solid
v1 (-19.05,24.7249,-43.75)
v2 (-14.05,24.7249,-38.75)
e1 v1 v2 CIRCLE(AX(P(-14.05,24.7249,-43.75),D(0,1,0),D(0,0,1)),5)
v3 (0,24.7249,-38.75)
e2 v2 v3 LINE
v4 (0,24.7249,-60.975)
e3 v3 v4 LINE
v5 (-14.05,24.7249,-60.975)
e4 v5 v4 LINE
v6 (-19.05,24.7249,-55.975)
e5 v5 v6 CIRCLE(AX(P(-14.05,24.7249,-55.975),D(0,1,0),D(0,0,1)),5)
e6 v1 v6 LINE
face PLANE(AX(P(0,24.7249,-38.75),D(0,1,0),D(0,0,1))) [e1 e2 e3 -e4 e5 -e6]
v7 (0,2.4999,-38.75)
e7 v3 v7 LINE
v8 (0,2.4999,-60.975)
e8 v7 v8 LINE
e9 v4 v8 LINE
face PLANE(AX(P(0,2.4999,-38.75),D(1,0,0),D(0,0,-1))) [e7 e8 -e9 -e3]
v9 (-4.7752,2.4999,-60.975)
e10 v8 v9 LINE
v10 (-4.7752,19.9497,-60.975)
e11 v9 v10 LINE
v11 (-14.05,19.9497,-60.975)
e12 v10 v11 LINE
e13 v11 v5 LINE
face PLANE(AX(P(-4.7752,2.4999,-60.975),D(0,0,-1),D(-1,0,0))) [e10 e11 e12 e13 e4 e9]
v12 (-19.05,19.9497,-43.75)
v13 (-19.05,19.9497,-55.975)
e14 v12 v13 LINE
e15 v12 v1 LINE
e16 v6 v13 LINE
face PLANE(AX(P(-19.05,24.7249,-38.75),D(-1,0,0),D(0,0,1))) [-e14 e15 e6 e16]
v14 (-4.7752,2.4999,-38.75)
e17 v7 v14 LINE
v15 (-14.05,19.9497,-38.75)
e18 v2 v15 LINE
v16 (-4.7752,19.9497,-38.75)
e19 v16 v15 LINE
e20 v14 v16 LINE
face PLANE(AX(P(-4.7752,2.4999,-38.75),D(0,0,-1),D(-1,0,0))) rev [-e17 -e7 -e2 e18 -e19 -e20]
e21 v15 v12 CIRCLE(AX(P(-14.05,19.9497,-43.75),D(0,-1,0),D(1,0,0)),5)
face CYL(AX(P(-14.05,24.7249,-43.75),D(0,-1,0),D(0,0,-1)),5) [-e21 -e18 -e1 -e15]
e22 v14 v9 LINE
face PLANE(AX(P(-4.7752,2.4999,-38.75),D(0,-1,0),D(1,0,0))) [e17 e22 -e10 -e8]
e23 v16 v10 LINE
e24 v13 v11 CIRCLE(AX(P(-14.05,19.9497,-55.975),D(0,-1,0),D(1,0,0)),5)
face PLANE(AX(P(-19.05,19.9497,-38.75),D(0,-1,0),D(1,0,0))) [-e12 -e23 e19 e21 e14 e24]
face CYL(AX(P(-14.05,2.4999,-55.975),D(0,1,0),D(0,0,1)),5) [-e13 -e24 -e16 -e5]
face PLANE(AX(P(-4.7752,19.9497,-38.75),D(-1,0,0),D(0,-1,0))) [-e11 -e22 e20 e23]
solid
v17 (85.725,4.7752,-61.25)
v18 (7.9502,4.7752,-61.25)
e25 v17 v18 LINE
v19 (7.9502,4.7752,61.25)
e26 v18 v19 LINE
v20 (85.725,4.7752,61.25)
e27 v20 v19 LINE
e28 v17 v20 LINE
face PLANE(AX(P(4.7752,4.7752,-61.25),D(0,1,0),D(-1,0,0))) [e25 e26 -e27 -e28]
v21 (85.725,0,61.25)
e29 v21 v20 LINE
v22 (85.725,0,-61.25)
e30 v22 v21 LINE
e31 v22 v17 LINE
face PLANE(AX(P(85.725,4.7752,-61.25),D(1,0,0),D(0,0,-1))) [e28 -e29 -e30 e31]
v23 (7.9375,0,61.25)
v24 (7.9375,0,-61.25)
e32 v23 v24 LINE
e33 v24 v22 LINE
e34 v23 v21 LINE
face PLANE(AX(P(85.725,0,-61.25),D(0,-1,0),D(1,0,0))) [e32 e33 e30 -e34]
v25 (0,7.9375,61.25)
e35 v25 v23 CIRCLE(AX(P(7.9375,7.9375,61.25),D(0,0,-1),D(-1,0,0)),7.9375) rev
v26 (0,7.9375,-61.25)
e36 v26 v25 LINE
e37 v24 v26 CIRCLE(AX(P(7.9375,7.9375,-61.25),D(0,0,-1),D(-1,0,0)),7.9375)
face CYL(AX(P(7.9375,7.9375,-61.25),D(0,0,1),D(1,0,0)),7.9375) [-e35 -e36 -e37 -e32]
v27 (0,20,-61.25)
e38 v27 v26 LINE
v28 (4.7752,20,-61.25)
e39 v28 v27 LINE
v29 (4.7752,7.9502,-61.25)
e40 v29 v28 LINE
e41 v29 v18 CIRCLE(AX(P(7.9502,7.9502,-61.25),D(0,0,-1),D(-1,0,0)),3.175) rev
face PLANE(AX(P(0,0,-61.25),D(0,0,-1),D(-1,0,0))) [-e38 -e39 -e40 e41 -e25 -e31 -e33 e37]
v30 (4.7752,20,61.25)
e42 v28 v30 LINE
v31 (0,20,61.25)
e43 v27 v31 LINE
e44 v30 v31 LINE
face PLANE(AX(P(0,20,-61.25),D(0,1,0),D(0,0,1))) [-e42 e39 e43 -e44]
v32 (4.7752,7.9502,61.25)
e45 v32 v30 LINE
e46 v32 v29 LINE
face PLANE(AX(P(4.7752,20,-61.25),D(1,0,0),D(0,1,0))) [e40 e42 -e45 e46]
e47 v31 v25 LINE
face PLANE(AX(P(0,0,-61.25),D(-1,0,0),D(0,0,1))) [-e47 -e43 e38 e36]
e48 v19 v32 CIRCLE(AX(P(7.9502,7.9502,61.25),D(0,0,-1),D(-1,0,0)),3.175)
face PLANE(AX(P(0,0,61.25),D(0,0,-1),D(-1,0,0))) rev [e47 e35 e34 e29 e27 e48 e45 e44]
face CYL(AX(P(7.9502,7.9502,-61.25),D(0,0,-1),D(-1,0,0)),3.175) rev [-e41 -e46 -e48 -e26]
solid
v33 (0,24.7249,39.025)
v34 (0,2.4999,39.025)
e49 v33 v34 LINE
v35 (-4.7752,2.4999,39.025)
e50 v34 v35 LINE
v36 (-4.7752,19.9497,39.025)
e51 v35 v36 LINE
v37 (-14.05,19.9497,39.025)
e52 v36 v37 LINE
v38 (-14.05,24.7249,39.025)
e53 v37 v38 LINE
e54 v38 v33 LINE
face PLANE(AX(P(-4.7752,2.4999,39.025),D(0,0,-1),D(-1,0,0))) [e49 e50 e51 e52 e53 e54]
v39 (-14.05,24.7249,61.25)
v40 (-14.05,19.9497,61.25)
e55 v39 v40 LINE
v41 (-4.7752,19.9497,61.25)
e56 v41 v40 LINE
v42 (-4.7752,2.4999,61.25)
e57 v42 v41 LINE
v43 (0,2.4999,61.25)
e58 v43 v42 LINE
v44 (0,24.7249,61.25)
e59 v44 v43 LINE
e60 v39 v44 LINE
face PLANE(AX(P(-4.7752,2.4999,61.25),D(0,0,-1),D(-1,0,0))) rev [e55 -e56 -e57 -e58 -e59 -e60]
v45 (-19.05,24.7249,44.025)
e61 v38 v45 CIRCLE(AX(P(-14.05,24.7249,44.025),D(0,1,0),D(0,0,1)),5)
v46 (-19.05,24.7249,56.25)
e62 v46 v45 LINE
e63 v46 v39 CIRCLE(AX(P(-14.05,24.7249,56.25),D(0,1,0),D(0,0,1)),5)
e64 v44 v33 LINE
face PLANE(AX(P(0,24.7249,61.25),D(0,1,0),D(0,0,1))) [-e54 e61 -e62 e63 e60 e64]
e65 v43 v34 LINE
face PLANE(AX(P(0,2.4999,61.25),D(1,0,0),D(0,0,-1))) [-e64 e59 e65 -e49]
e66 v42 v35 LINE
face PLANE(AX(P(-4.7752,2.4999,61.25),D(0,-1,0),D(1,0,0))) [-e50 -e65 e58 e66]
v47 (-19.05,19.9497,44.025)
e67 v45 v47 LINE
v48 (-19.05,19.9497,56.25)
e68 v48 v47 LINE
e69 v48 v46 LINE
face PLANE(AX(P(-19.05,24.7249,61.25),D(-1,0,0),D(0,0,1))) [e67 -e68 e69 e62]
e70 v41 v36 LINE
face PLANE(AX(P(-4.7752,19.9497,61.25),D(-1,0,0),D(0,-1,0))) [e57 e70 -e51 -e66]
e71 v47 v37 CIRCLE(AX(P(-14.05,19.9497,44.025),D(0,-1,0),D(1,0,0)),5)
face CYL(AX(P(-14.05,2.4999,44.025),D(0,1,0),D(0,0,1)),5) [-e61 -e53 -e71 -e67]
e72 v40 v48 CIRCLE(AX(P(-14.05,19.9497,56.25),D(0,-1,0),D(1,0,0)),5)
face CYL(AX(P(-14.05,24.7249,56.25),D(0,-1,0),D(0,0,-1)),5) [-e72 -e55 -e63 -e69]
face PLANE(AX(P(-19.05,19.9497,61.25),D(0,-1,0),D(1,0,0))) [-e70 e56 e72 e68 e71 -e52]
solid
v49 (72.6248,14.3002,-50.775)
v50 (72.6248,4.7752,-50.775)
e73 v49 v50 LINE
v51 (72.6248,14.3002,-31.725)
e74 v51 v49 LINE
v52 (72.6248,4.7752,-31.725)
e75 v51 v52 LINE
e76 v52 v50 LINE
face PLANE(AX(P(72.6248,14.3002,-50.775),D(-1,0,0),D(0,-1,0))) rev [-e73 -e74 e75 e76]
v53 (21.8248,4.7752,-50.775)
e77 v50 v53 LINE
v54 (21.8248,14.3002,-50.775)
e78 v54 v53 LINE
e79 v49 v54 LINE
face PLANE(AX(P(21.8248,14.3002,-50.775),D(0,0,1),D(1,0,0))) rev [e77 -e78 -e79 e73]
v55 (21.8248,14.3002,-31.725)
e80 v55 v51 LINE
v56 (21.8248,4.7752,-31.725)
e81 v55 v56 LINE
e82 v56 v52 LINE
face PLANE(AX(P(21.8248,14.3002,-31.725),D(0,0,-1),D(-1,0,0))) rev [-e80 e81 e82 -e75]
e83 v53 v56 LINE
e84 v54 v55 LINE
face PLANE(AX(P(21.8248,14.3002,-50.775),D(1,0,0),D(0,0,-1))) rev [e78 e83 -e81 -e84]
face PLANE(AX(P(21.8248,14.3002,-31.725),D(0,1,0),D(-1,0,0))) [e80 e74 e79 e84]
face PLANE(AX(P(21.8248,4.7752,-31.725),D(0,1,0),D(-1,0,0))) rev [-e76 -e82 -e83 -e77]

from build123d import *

# Parameters (mm, degrees)
EXTRUDE1_DEPTH      = 61.25
EXTRUDE1_DEPTH_BACK = 61.25
FILLET1_R           = 3.175
FILLET2_R           = 7.9375
EXTRUDE2_DEPTH      = 22.225
FILLET3_R           = 5
SKETCH35_W          = 50.8
SKETCH35_H          = 19.05
EXTRUDE3_DEPTH      = 9.525
LPATTERN7_COUNT     = 2
LPATTERN7_PITCH     = 100


with BuildPart() as part:
    # Sketch1 → Extrude1 (new, two sides: drawn at the far end of the back side and taken through both)
    with BuildSketch(Plane.XY.offset(-EXTRUDE1_DEPTH_BACK)):
        Polygon((0, 0), (0, 20), (4.7752, 20), (4.7752, 4.7752), (85.725, 4.7752), (85.725, 0), align=None)
    extrude(amount=EXTRUDE1_DEPTH + EXTRUDE1_DEPTH_BACK)

    # Fillet1
    fillet1_edges = [part.edges().sort_by_distance(p)[0] for p in [
        (4.7752, 4.7752, 0),
    ]]
    fillet(fillet1_edges, radius=FILLET1_R)

    # Fillet2
    fillet2_edges = [part.edges().sort_by_distance(p)[0] for p in [
        (0, 0, 0),
    ]]
    fillet(fillet2_edges, radius=FILLET2_R)


with BuildPart() as body_2:
    # Sketch34 → Extrude2 (new body)
    with BuildSketch(Plane(origin=(0, 0, -60.975), x_dir=(-1, 0, 0), z_dir=(0, 0, -1))):
        Polygon((0, 2.4999), (0, 24.7249), (19.05, 24.7249), (19.05, 19.9497), (4.7752, 19.9497), (4.7752, 2.4999), align=None)
    extrude(amount=-EXTRUDE2_DEPTH)

    # Fillet3
    fillet3_edges = [body_2.edges().sort_by_distance(p)[0] for p in [
        (-19.05, 22.3373, -38.75),
        (-19.05, 22.3373, -60.975),
    ]]
    fillet(fillet3_edges, radius=FILLET3_R)


with BuildPart() as body_3:
    # Sketch35 → Extrude3 (new body)
    with BuildSketch(Plane(origin=(0, 4.7752, 0), x_dir=(1, 0, 0), z_dir=(0, 1, 0))):
        with Locations((47.2248, 41.25)):
            Rectangle(SKETCH35_W, SKETCH35_H)
    extrude(amount=EXTRUDE3_DEPTH)


with BuildPart() as lpattern7_1:
    # LPattern7: pattern copy
    add(body_2.part.moved(Location(Vector(0, 0, 1) * (1 * LPATTERN7_PITCH))))


solid = Compound([part.part, body_2.part, body_3.part, lpattern7_1.part])
